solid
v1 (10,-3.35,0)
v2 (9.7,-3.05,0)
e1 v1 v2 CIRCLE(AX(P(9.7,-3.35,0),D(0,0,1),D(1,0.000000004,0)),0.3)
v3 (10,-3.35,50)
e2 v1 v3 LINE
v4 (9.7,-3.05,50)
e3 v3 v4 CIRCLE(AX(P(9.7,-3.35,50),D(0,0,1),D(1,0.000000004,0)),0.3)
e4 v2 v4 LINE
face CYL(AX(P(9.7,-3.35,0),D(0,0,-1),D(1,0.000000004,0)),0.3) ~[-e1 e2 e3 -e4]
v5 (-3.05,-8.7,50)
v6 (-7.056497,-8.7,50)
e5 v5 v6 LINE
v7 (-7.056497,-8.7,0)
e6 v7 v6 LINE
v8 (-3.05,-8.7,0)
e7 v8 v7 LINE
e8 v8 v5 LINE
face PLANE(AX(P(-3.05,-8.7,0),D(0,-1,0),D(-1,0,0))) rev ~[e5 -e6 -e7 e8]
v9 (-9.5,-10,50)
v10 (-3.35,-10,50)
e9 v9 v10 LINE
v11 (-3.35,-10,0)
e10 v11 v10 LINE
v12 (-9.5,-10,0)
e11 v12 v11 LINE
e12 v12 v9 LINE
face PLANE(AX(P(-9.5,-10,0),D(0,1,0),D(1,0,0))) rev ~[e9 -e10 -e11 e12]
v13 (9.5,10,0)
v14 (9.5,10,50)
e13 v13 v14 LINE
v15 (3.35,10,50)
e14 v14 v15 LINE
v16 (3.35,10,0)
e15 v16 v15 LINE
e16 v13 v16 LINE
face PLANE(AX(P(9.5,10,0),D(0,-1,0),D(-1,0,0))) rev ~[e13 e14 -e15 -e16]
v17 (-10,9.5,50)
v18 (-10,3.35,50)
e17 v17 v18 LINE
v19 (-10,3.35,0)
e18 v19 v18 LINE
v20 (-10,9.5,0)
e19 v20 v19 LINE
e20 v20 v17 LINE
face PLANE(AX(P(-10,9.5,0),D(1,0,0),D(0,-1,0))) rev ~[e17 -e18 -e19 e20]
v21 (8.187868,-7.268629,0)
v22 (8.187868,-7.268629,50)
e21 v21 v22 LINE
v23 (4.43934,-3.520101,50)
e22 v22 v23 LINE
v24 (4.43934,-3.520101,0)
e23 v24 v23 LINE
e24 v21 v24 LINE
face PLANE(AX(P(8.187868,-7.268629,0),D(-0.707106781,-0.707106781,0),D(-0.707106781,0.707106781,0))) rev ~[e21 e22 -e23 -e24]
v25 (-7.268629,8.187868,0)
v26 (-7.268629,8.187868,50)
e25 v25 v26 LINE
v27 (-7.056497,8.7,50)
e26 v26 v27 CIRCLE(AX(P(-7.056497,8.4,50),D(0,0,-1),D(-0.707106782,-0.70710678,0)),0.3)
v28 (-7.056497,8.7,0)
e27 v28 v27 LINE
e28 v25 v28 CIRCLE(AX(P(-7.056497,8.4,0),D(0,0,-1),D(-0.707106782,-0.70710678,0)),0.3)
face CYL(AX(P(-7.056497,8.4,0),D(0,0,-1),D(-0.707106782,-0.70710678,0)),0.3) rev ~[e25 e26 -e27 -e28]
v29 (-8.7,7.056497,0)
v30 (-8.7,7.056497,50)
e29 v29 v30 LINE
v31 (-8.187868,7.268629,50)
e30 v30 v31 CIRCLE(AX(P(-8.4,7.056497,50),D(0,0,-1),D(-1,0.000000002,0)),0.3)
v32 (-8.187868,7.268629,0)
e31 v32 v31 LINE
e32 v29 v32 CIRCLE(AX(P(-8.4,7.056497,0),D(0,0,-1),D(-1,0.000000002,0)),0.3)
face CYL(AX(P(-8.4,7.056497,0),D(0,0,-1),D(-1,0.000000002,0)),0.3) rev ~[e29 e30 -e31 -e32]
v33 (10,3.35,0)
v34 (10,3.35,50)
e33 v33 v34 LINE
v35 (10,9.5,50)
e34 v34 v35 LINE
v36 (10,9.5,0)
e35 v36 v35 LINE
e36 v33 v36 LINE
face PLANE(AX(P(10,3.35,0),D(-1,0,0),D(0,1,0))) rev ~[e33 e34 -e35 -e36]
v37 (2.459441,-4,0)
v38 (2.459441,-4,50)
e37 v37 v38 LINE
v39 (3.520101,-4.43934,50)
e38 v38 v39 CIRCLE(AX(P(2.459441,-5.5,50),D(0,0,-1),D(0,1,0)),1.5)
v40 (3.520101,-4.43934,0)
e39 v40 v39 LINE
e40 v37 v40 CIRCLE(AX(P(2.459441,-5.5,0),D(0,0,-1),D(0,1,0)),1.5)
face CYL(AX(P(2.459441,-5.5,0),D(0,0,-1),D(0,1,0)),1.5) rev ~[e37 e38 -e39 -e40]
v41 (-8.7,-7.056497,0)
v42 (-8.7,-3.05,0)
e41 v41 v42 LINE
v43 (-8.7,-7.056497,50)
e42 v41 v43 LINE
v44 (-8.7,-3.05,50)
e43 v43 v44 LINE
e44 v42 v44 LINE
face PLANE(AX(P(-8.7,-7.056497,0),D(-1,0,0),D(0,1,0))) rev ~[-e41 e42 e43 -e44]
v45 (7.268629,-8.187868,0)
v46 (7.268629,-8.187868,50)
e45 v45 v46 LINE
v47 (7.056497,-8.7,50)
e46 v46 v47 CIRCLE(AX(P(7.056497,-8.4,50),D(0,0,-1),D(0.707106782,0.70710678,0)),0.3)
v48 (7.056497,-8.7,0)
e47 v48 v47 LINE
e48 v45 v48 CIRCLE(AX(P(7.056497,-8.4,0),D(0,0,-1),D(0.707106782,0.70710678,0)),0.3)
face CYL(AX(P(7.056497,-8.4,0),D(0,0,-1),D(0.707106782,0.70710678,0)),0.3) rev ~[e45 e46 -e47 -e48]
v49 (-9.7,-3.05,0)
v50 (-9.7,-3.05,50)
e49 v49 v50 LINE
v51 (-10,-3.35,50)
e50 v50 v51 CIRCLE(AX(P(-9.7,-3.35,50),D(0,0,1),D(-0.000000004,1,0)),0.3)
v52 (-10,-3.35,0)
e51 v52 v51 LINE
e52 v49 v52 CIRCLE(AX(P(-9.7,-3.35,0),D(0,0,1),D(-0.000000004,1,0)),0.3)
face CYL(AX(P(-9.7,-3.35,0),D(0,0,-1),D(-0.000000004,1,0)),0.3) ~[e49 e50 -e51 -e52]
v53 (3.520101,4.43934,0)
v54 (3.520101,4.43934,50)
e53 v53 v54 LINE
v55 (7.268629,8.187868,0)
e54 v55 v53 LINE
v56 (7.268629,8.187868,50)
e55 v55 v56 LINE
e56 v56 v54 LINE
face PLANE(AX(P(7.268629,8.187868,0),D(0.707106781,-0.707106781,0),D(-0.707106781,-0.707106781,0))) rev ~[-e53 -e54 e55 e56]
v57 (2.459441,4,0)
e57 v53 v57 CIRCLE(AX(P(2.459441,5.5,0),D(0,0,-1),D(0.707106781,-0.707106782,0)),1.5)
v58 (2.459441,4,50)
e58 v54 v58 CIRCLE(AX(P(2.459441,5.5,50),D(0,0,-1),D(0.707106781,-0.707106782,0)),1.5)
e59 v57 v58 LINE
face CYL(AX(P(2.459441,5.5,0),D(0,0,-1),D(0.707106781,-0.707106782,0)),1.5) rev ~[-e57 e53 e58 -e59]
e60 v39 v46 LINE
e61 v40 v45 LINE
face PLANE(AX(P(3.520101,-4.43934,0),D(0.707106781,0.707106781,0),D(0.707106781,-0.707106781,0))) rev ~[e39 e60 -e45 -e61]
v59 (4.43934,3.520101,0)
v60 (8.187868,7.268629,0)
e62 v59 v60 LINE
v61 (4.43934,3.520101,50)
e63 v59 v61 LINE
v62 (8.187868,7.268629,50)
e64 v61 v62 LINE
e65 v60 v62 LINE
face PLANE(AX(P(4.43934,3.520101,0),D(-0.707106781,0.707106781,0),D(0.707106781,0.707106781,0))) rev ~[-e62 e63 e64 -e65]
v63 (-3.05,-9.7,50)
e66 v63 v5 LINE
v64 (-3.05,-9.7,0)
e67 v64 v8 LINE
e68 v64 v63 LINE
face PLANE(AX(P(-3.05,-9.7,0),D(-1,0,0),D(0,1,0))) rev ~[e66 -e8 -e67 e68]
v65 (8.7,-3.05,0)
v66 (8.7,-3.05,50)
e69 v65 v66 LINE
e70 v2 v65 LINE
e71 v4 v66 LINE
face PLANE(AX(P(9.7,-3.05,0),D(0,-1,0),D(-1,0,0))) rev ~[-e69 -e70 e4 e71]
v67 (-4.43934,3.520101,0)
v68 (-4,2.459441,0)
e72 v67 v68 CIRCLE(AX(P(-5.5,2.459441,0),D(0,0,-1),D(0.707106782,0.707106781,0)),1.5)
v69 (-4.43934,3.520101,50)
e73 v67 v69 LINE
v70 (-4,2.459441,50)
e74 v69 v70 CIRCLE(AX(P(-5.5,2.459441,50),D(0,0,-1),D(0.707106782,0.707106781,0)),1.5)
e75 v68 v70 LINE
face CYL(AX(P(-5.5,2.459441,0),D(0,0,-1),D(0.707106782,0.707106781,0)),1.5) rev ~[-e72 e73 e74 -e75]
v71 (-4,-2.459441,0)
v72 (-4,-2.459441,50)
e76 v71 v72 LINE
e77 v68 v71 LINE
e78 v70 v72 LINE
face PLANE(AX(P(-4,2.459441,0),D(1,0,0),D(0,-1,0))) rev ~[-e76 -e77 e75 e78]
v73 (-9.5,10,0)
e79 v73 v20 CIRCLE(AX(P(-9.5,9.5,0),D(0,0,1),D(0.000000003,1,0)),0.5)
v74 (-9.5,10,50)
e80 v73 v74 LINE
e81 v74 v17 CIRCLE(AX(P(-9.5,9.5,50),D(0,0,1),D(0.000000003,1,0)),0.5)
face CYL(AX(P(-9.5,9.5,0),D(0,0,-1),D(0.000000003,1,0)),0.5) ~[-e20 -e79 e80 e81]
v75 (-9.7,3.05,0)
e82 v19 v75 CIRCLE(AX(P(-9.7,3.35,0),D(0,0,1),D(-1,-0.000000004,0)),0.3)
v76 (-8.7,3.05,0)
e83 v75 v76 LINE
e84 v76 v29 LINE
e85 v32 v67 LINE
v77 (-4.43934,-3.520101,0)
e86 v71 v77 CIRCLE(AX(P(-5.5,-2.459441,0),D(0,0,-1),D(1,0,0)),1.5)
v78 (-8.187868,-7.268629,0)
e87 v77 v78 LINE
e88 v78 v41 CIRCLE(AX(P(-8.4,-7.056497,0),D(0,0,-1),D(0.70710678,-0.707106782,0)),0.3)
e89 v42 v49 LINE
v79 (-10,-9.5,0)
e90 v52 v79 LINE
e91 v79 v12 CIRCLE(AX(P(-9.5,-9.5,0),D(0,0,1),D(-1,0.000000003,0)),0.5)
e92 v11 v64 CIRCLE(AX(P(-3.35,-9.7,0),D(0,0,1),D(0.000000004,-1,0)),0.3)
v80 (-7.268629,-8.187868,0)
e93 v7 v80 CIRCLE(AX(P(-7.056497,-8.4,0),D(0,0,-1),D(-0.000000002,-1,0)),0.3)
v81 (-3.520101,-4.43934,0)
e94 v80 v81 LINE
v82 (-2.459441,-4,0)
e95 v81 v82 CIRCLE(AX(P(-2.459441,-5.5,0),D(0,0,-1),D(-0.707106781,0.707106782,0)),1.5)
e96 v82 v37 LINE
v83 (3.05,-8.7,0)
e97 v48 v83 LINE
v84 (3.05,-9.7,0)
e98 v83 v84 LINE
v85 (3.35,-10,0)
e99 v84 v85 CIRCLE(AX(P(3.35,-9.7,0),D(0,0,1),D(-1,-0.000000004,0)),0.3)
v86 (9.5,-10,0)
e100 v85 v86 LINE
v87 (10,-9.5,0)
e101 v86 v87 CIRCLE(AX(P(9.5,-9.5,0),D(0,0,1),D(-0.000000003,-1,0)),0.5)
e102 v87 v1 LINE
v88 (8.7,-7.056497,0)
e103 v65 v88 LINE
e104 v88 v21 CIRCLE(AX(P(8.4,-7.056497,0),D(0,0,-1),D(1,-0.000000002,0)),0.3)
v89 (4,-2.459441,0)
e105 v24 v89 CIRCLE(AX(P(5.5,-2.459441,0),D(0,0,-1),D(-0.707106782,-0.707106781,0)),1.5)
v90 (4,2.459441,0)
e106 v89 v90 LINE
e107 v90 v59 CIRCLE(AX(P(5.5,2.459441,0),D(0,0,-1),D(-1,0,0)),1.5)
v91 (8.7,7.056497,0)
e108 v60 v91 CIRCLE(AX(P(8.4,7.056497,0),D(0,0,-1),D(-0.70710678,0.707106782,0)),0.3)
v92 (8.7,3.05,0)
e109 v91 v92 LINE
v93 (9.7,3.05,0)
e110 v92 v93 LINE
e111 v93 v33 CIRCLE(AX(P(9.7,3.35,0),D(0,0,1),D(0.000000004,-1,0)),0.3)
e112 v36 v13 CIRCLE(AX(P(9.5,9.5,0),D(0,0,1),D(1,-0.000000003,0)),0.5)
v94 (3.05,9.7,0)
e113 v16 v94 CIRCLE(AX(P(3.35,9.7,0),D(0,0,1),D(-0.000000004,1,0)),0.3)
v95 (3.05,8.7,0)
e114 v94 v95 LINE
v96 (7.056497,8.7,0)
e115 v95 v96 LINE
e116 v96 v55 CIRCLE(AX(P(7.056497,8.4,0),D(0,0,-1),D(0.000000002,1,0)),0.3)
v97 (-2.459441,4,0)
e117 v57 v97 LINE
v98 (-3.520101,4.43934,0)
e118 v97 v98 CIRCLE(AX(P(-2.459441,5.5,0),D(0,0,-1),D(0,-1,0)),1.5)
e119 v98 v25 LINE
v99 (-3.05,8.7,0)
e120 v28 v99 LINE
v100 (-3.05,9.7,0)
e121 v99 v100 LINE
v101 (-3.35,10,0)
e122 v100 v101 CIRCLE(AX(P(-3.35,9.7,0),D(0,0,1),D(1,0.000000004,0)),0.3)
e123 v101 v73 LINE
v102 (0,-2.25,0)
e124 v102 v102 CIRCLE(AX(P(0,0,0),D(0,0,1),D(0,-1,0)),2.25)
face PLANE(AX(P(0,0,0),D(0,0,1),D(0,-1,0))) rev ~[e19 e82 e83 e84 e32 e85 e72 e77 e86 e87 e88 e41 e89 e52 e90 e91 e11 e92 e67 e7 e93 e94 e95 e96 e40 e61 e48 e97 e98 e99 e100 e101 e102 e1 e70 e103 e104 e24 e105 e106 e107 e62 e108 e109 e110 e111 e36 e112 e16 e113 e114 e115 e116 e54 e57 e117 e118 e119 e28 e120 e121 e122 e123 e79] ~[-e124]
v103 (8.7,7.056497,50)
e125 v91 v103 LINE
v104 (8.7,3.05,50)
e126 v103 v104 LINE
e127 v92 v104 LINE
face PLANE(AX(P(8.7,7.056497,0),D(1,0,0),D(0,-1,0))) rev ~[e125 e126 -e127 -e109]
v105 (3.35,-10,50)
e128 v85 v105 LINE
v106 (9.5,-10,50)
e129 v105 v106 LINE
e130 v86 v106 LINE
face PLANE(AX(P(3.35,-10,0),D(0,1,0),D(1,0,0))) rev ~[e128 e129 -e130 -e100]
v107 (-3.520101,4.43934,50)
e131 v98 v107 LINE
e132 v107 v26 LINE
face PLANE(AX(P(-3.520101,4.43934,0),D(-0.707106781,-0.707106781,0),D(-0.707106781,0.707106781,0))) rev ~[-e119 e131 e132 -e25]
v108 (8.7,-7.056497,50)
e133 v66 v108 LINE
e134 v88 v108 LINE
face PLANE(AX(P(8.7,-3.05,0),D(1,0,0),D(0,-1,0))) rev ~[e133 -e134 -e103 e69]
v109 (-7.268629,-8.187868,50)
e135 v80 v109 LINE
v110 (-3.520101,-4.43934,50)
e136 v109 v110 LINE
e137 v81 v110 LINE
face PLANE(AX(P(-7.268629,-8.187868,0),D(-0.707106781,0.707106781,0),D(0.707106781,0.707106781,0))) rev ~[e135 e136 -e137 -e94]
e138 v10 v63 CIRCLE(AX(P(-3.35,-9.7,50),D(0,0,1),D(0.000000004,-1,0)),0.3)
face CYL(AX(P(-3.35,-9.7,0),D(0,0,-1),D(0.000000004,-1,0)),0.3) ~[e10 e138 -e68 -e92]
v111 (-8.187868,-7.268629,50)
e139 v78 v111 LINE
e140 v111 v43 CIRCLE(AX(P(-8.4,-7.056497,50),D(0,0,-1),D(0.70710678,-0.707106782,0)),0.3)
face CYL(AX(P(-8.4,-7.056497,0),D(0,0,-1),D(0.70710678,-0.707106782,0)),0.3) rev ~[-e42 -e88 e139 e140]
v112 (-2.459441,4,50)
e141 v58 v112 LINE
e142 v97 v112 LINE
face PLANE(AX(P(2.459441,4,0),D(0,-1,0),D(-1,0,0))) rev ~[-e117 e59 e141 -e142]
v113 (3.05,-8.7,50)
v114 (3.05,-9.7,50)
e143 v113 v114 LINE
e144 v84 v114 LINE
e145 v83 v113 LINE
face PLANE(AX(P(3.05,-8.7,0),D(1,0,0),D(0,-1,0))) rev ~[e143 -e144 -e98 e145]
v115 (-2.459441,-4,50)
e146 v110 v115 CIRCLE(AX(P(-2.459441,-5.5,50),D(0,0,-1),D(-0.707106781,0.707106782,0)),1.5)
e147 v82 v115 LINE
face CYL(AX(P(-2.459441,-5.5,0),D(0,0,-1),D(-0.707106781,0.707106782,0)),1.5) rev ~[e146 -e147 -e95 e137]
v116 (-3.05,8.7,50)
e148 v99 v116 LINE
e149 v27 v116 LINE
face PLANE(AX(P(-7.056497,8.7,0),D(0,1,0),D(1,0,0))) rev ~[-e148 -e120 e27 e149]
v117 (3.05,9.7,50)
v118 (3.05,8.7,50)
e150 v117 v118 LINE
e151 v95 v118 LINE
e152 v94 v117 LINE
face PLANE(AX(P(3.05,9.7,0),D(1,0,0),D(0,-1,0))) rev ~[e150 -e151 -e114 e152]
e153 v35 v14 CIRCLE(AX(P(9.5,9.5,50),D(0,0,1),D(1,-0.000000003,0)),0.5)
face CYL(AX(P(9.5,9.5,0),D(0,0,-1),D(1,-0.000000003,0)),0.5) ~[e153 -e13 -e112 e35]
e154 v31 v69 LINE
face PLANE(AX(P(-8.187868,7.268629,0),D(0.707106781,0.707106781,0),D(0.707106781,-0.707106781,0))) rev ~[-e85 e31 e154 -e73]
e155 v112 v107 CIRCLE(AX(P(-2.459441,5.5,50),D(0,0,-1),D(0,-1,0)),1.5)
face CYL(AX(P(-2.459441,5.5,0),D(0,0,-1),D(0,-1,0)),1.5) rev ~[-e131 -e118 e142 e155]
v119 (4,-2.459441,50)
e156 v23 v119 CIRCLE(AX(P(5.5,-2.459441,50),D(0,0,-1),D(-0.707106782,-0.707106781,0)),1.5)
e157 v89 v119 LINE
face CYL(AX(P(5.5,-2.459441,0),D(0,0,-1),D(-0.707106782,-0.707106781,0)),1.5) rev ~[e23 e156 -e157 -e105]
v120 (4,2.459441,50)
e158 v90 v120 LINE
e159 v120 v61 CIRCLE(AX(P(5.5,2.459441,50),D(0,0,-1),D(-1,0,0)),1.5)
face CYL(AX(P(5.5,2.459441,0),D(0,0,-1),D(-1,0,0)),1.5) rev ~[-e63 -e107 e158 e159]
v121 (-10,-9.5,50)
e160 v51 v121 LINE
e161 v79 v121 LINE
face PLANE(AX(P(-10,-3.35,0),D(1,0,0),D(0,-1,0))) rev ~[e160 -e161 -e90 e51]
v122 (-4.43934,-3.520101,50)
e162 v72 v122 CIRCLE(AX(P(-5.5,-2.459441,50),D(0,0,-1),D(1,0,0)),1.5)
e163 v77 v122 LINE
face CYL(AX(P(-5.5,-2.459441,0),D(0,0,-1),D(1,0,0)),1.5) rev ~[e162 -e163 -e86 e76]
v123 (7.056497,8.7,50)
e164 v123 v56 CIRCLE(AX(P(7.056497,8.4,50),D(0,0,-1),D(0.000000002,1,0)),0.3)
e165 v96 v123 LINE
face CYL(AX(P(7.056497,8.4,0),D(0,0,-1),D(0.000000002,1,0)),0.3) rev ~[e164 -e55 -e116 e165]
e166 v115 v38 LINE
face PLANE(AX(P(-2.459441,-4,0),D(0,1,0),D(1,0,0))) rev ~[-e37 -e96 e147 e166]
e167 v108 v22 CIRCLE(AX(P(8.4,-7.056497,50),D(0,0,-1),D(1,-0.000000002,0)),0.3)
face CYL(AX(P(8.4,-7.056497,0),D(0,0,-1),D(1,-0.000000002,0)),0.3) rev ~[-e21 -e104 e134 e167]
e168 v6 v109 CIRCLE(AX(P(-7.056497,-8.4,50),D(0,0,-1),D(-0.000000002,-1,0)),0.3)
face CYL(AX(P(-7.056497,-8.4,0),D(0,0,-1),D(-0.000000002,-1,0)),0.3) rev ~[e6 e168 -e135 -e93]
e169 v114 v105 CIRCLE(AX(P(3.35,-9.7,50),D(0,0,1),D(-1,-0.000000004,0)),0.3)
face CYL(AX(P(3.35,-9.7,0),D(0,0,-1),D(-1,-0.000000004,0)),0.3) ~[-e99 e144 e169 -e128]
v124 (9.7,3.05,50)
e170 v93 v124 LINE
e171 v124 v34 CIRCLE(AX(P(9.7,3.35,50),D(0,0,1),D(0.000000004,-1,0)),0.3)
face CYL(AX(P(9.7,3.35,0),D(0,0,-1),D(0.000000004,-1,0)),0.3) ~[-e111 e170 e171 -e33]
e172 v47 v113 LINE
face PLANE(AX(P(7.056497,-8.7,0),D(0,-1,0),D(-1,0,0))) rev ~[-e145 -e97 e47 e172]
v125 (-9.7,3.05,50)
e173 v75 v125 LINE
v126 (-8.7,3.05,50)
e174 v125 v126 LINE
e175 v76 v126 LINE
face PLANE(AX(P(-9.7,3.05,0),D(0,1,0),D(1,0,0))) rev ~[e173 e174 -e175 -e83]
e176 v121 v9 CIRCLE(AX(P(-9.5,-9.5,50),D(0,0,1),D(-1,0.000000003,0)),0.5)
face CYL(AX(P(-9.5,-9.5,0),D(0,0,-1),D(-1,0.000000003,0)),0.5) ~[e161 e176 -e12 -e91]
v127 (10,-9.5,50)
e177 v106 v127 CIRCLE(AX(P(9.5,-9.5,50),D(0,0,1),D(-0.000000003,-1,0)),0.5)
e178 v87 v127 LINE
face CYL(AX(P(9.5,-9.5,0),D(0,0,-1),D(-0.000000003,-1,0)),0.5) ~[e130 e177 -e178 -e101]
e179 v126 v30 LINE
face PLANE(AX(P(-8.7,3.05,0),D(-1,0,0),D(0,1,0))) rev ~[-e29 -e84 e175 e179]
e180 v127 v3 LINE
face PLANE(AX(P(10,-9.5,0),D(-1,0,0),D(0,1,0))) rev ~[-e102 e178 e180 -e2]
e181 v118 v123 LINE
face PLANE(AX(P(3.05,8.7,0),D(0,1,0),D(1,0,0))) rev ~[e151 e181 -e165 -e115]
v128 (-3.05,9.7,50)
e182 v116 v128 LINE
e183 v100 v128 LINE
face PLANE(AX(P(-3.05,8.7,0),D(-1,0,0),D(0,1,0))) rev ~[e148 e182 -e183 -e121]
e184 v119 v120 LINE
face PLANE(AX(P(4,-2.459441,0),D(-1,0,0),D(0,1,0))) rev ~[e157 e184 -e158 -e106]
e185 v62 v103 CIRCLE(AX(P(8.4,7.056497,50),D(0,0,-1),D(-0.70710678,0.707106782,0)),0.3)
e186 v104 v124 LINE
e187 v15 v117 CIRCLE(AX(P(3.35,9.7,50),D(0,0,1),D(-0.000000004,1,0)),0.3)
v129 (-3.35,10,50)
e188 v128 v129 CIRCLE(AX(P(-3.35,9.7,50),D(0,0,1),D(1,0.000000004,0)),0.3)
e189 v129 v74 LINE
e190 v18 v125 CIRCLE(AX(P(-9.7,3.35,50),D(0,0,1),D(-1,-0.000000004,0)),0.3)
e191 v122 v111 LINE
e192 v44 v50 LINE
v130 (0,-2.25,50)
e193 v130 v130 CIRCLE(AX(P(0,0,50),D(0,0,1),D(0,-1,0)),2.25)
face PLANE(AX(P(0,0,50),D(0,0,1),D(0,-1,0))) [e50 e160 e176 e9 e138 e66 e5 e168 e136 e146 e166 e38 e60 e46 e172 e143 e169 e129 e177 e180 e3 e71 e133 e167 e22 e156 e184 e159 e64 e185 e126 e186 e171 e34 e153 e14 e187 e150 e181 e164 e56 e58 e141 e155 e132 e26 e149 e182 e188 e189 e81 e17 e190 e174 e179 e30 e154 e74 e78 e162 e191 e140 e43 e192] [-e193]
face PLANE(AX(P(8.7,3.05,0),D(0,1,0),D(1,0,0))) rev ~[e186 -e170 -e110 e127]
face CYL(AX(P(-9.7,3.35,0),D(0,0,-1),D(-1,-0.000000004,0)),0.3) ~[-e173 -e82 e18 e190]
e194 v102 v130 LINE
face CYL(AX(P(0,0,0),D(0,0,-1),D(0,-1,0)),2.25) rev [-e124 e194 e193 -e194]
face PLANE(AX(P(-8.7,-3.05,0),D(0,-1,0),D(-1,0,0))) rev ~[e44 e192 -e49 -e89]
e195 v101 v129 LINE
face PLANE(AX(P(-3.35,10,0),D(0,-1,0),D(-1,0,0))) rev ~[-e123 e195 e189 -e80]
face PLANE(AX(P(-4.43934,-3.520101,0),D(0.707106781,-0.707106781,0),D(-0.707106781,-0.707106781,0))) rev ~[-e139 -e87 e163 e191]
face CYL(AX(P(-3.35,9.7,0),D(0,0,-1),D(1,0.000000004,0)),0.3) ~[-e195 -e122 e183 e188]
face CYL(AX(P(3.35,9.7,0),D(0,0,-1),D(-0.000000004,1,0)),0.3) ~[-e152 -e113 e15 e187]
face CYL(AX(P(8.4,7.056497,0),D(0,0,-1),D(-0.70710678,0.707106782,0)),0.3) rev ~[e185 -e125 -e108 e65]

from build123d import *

# Parameters (mm, degrees)
ESBO_O11_R                                   = 2.25
QUADRADO_PF20_21_PERFIL_2020_T_SLOT_6M_DEPTH = 50


with BuildPart() as part:
    # Esboço11 → Quadrado PF20-21 - PERFIL 2020 T-SLOT 6MM(1) (new body)
    with BuildSketch(Plane(origin=(0, 0, 0), x_dir=(0, -1, 0), z_dir=(0, 0, 1))):
        with BuildLine():
            Line((8.187867966, -7.26862915), (4.439339828, -3.520101013))
            ThreePointArc((4.439339828, -3.520101013), (4.114180701, -3.033465989), (4, -2.459440841))
            Line((4, -2.459440841), (4, 2.459440841))
            ThreePointArc((4, 2.459440841), (4.114180701, 3.033465989), (4.439339828, 3.520101013))
            Line((4.439339828, 3.520101013), (8.187867966, 7.26862915))
            ThreePointArc((8.187867966, 7.26862915), (8.51480503, 7.333660975), (8.7, 7.056497116))
            Line((8.7, 7.056497116), (8.7, 3.05))
            Line((8.7, 3.05), (9.7, 3.05))
            ThreePointArc((9.7, 3.05), (9.912132034, 3.137867966), (10, 3.35))
            Line((10, 3.35), (10, 9.5))
            ThreePointArc((10, 9.5), (9.853553391, 9.853553391), (9.5, 10))
            Line((9.5, 10), (3.35, 10))
            ThreePointArc((3.35, 10), (3.137867966, 9.912132034), (3.05, 9.7))
            Line((3.05, 9.7), (3.05, 8.7))
            Line((3.05, 8.7), (7.056497116, 8.7))
            ThreePointArc((7.056497116, 8.7), (7.333660975, 8.51480503), (7.26862915, 8.187867966))
            Line((7.26862915, 8.187867966), (3.520101013, 4.439339828))
            ThreePointArc((3.520101013, 4.439339828), (3.033465989, 4.114180701), (2.459440841, 4))
            Line((2.459440841, 4), (-2.459440841, 4))
            ThreePointArc((-2.459440841, 4), (-3.033465989, 4.114180701), (-3.520101013, 4.439339828))
            Line((-3.520101013, 4.439339828), (-7.26862915, 8.187867966))
            ThreePointArc((-7.26862915, 8.187867966), (-7.333660975, 8.51480503), (-7.056497116, 8.7))
            Line((-7.056497116, 8.7), (-3.05, 8.7))
            Line((-3.05, 8.7), (-3.05, 9.7))
            ThreePointArc((-3.05, 9.7), (-3.137867966, 9.912132034), (-3.35, 10))
            Line((-3.35, 10), (-9.5, 10))
            ThreePointArc((-9.5, 10), (-9.853553391, 9.853553391), (-10, 9.5))
            Line((-10, 9.5), (-10, 3.35))
            ThreePointArc((-10, 3.35), (-9.912132034, 3.137867966), (-9.7, 3.05))
            Line((-9.7, 3.05), (-8.7, 3.05))
            Line((-8.7, 3.05), (-8.7, 7.056497116))
            ThreePointArc((-8.7, 7.056497116), (-8.51480503, 7.333660975), (-8.187867966, 7.26862915))
            Line((-8.187867966, 7.26862915), (-4.439339828, 3.520101013))
            ThreePointArc((-4.439339828, 3.520101013), (-4.114180701, 3.033465989), (-4, 2.459440841))
            Line((-4, 2.459440841), (-4, -2.459440841))
            ThreePointArc((-4, -2.459440841), (-4.114180701, -3.033465989), (-4.439339828, -3.520101013))
            Line((-4.439339828, -3.520101013), (-8.187867966, -7.26862915))
            ThreePointArc((-8.187867966, -7.26862915), (-8.51480503, -7.333660975), (-8.7, -7.056497116))
            Line((-8.7, -7.056497116), (-8.7, -3.05))
            Line((-8.7, -3.05), (-9.7, -3.05))
            ThreePointArc((-9.7, -3.05), (-9.912132034, -3.137867966), (-10, -3.35))
            Line((-10, -3.35), (-10, -9.5))
            ThreePointArc((-10, -9.5), (-9.853553391, -9.853553391), (-9.5, -10))
            Line((-9.5, -10), (-3.35, -10))
            ThreePointArc((-3.35, -10), (-3.137867966, -9.912132034), (-3.05, -9.7))
            Line((-3.05, -9.7), (-3.05, -8.7))
            Line((-3.05, -8.7), (-7.056497116, -8.7))
            ThreePointArc((-7.056497116, -8.7), (-7.333660975, -8.51480503), (-7.26862915, -8.187867966))
            Line((-7.26862915, -8.187867966), (-3.520101013, -4.439339828))
            ThreePointArc((-3.520101013, -4.439339828), (-3.033465989, -4.114180701), (-2.459440841, -4))
            Line((-2.459440841, -4), (2.459440841, -4))
            ThreePointArc((2.459440841, -4), (3.033465989, -4.114180701), (3.520101013, -4.439339828))
            Line((3.520101013, -4.439339828), (7.26862915, -8.187867966))
            ThreePointArc((7.26862915, -8.187867966), (7.333660975, -8.51480503), (7.056497116, -8.7))
            Line((7.056497116, -8.7), (3.05, -8.7))
            Line((3.05, -8.7), (3.05, -9.7))
            ThreePointArc((3.05, -9.7), (3.137867966, -9.912132034), (3.35, -10))
            Line((3.35, -10), (9.5, -10))
            ThreePointArc((9.5, -10), (9.853553391, -9.853553391), (10, -9.5))
            Line((10, -9.5), (10, -3.35))
            ThreePointArc((10, -3.35), (9.912132034, -3.137867966), (9.7, -3.05))
            Line((9.7, -3.05), (8.7, -3.05))
            Line((8.7, -3.05), (8.7, -7.056497116))
            ThreePointArc((8.7, -7.056497116), (8.51480503, -7.333660975), (8.187867966, -7.26862915))
        make_face()
        Circle(ESBO_O11_R, mode=Mode.SUBTRACT)
    extrude(amount=QUADRADO_PF20_21_PERFIL_2020_T_SLOT_6M_DEPTH)


solid = part.part
